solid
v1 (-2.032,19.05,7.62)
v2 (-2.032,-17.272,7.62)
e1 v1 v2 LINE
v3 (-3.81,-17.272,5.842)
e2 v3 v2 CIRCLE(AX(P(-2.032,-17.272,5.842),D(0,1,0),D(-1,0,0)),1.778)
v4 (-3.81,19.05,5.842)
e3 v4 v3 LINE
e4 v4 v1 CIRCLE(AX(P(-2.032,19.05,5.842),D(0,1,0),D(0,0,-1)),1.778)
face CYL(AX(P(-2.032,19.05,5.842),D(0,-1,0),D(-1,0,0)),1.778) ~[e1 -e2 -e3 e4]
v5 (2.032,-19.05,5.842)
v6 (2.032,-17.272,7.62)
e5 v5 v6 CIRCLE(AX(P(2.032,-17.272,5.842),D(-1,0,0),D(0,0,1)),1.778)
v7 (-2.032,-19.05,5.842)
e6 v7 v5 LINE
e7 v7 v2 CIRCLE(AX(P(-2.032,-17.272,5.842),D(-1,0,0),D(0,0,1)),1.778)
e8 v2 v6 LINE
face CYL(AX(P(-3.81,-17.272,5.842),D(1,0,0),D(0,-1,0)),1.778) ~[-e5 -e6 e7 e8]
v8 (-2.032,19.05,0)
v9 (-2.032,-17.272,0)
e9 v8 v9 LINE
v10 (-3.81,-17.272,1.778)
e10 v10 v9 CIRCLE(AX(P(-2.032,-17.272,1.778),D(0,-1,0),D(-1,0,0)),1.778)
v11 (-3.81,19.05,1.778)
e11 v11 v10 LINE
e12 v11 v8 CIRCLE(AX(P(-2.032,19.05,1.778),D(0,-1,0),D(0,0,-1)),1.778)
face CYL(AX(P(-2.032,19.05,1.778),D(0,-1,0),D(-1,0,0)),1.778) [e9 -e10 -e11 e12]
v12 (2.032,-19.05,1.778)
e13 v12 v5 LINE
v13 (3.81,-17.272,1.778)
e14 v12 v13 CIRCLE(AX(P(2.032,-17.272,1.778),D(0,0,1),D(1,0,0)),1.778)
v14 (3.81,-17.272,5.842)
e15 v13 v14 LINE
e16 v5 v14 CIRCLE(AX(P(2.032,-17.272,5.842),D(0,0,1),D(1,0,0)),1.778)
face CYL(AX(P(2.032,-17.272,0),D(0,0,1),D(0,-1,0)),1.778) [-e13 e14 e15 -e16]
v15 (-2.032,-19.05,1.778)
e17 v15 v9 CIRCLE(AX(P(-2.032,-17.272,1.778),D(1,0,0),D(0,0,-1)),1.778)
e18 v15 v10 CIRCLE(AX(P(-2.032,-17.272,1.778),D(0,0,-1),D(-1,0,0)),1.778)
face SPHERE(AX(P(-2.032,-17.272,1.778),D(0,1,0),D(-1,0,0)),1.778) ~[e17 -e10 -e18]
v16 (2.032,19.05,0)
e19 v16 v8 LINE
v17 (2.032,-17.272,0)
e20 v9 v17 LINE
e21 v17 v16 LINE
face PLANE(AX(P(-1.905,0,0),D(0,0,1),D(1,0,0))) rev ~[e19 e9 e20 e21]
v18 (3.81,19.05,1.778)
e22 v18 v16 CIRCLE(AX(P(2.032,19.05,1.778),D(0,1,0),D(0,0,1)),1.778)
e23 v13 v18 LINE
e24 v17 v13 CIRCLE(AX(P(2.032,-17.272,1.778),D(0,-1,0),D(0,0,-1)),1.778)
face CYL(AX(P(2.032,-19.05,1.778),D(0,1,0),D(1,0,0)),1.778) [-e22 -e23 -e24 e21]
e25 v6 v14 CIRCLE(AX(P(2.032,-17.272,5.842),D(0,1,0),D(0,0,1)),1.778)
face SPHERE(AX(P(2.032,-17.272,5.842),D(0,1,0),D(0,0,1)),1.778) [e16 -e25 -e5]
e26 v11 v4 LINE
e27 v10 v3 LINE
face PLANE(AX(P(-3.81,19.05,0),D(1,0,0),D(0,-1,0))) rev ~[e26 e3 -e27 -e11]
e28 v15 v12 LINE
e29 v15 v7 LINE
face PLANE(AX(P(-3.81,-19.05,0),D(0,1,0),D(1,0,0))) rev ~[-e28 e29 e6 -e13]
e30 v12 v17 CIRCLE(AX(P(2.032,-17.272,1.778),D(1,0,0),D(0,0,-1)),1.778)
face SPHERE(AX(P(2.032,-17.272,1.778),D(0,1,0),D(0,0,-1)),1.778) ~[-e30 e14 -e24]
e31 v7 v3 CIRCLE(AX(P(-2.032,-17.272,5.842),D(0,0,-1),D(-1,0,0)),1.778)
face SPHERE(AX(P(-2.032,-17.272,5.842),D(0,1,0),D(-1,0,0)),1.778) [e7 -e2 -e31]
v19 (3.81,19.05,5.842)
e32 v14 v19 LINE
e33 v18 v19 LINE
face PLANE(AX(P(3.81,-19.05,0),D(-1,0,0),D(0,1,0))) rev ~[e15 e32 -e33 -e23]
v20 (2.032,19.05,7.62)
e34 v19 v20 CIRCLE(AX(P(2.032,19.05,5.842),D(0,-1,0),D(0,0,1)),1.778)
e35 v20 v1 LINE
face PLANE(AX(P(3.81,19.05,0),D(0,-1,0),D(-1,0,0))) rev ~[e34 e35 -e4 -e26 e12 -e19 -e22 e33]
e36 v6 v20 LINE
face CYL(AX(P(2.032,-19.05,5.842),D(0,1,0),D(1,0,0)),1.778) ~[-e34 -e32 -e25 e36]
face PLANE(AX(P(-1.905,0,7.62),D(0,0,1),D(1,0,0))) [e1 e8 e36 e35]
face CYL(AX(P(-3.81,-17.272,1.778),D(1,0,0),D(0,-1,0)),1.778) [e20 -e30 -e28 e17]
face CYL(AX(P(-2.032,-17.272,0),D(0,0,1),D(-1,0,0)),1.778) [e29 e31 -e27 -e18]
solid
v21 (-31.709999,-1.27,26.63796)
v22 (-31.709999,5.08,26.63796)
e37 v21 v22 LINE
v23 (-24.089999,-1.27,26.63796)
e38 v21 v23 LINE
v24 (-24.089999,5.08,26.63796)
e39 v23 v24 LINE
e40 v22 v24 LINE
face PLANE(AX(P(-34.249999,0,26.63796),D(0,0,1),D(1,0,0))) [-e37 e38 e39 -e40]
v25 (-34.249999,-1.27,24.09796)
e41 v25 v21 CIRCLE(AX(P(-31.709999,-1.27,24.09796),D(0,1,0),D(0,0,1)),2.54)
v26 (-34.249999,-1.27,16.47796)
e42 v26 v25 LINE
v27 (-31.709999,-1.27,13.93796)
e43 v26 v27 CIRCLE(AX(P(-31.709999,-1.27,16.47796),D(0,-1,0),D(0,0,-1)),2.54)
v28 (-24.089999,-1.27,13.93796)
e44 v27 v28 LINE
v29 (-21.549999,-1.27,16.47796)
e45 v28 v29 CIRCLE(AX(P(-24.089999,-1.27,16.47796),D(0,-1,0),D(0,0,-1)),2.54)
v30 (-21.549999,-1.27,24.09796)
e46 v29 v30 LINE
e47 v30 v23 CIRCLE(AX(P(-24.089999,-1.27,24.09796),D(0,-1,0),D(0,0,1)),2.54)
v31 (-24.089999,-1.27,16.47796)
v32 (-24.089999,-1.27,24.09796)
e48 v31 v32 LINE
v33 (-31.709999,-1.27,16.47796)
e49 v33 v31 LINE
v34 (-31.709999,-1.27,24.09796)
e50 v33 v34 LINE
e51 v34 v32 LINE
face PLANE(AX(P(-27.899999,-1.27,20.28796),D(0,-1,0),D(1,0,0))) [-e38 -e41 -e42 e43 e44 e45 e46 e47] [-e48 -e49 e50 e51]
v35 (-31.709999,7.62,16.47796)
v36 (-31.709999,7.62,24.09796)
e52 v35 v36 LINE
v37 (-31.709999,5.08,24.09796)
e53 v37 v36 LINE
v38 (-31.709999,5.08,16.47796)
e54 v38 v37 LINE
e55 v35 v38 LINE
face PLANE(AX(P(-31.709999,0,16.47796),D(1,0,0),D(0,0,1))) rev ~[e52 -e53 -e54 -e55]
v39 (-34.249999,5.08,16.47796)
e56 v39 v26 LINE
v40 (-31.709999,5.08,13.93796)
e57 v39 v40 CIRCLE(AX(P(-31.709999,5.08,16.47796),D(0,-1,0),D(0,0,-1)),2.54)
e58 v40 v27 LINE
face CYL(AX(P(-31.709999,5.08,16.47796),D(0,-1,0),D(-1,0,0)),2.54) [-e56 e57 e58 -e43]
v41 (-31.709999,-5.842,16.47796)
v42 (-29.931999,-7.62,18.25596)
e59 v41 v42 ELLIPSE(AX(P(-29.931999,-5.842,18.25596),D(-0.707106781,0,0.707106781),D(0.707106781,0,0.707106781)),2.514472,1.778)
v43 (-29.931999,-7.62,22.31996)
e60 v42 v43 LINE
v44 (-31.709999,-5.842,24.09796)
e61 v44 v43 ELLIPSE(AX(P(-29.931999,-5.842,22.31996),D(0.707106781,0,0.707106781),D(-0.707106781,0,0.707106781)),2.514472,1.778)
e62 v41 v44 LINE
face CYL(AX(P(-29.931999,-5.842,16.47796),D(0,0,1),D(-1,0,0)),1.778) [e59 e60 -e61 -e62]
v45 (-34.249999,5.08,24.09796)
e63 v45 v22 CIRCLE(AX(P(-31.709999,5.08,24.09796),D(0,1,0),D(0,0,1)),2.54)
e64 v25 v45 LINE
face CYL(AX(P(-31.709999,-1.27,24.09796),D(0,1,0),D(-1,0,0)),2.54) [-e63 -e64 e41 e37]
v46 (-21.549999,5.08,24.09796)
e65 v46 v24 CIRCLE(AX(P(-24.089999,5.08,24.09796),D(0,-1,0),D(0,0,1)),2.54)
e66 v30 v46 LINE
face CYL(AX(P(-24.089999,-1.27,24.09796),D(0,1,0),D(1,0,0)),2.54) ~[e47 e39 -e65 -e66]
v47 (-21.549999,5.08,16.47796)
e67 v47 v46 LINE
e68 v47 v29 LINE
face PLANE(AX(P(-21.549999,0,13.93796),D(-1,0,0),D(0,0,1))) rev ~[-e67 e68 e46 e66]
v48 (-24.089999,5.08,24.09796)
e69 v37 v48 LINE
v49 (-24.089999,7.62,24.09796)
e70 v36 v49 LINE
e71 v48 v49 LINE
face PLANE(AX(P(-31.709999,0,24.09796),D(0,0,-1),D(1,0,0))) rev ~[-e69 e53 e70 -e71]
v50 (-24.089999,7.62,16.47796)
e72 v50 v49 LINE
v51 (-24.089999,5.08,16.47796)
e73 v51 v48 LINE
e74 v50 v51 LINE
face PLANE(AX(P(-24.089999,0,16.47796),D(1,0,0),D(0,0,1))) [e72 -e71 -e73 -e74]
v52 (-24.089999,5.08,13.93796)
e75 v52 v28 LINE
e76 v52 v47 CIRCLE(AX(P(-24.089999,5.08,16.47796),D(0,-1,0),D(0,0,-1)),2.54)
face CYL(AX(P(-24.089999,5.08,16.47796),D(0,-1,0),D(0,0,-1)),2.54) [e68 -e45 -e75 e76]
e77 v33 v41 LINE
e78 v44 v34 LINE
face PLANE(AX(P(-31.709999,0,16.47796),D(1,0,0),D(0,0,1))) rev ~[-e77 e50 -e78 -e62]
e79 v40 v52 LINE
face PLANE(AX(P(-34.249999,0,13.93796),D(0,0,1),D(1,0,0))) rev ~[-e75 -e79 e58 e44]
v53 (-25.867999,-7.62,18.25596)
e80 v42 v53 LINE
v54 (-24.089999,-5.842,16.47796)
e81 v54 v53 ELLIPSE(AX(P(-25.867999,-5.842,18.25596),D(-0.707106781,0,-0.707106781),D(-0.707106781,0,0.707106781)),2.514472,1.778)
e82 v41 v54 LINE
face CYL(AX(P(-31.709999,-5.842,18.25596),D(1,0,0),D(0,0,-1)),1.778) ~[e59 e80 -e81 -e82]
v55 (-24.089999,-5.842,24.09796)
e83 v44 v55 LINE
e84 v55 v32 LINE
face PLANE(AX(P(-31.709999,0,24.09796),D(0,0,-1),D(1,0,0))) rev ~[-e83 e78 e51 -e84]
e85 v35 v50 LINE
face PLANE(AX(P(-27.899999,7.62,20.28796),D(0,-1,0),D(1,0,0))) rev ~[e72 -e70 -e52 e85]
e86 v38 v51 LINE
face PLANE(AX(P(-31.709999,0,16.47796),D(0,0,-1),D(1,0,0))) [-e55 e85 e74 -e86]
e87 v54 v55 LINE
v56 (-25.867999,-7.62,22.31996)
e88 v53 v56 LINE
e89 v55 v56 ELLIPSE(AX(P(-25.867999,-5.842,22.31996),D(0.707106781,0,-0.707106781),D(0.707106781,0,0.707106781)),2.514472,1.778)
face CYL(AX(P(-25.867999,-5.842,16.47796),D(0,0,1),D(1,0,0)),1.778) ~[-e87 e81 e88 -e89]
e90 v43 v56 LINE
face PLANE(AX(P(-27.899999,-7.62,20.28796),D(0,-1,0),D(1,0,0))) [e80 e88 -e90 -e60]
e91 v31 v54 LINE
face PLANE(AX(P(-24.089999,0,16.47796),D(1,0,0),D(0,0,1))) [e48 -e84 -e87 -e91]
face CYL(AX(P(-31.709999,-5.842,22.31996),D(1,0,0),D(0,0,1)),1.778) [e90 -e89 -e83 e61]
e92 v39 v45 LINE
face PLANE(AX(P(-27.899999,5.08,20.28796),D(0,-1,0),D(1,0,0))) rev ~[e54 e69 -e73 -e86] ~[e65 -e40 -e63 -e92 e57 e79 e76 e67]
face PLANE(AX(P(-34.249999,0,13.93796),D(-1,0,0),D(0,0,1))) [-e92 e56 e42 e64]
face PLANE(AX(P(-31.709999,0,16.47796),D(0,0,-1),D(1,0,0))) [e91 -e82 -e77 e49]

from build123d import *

# Parameters (mm, degrees)
F1_DEPTH      = 7.62
F2_R          = 1.778
F3_W          = 7.62
F3_H          = 7.62
F4_DEPTH      = 7.62
F3_W_2        = 12.7
F3_H_2        = 12.7
F5_DEPTH      = 5.08
F5_DEPTH_BACK = 1.27
F6_R          = 2.54
F7_R          = 1.778


with BuildPart() as f1:
    # F0 (on Top) → F1 (new body)
    with BuildSketch(Plane.XY):
        Polygon((0, 0), (0, 19.05), (-3.81, 19.05), (-3.81, -19.05), (0, -19.05), align=None)
        Polygon((3.81, -19.05), (3.81, 19.05), (0, 19.05), (0, 0), (0, -19.05), align=None)
    extrude(amount=F1_DEPTH)

    # F2
    f2_edges = [f1.edges().sort_by_distance(p)[0] for p in [
        (-3.81, 0, 7.62),
        (-3.81, 0, 0),
        (3.81, 0, 7.62),
        (3.81, 0, 0),
        (-3.81, -19.05, 3.81),
        (0, -19.05, 0),
        (0, -19.05, 7.62),
        (3.81, -19.05, 3.81),
    ]]
    fillet(f2_edges, radius=F2_R)


with BuildPart() as f4:
    # F3 (on Front) → F4 (new body, symmetric)
    with BuildSketch(Plane.XZ):
        with Locations((-27.8999991715, 20.2879599677)):
            Rectangle(F3_W, F3_H)
    extrude(amount=F4_DEPTH, both=True)

    # F3 (on Front) → F5 (join, two sides)
    with BuildSketch(Plane.XZ) as f5_sk:
        with Locations((-27.8999991715, 20.2879599677)):
            Rectangle(F3_W_2, F3_H_2)
        with Locations((-27.8999991715, 20.2879599677)):
            Rectangle(F3_W, F3_H, mode=Mode.SUBTRACT)
    extrude(amount=-F5_DEPTH)
    extrude(f5_sk.sketch, amount=F5_DEPTH_BACK)

    # F6
    f6_edges = [f4.edges().sort_by_distance(p)[0] for p in [
        (-34.249999, 1.905, 26.63796),
        (-21.549999, 1.905, 26.63796),
        (-34.249999, 1.905, 13.93796),
        (-21.549999, 1.905, 13.93796),
    ]]
    fillet(f6_edges, radius=F6_R)

    # F7
    f7_edges = [f4.edges().sort_by_distance(p)[0] for p in [
        (-24.089999, -7.62, 20.28796),
        (-31.709999, -7.62, 20.28796),
        (-27.899999, -7.62, 16.47796),
        (-27.899999, -7.62, 24.09796),
    ]]
    fillet(f7_edges, radius=F7_R)


solid = Compound([f1.part, f4.part])
